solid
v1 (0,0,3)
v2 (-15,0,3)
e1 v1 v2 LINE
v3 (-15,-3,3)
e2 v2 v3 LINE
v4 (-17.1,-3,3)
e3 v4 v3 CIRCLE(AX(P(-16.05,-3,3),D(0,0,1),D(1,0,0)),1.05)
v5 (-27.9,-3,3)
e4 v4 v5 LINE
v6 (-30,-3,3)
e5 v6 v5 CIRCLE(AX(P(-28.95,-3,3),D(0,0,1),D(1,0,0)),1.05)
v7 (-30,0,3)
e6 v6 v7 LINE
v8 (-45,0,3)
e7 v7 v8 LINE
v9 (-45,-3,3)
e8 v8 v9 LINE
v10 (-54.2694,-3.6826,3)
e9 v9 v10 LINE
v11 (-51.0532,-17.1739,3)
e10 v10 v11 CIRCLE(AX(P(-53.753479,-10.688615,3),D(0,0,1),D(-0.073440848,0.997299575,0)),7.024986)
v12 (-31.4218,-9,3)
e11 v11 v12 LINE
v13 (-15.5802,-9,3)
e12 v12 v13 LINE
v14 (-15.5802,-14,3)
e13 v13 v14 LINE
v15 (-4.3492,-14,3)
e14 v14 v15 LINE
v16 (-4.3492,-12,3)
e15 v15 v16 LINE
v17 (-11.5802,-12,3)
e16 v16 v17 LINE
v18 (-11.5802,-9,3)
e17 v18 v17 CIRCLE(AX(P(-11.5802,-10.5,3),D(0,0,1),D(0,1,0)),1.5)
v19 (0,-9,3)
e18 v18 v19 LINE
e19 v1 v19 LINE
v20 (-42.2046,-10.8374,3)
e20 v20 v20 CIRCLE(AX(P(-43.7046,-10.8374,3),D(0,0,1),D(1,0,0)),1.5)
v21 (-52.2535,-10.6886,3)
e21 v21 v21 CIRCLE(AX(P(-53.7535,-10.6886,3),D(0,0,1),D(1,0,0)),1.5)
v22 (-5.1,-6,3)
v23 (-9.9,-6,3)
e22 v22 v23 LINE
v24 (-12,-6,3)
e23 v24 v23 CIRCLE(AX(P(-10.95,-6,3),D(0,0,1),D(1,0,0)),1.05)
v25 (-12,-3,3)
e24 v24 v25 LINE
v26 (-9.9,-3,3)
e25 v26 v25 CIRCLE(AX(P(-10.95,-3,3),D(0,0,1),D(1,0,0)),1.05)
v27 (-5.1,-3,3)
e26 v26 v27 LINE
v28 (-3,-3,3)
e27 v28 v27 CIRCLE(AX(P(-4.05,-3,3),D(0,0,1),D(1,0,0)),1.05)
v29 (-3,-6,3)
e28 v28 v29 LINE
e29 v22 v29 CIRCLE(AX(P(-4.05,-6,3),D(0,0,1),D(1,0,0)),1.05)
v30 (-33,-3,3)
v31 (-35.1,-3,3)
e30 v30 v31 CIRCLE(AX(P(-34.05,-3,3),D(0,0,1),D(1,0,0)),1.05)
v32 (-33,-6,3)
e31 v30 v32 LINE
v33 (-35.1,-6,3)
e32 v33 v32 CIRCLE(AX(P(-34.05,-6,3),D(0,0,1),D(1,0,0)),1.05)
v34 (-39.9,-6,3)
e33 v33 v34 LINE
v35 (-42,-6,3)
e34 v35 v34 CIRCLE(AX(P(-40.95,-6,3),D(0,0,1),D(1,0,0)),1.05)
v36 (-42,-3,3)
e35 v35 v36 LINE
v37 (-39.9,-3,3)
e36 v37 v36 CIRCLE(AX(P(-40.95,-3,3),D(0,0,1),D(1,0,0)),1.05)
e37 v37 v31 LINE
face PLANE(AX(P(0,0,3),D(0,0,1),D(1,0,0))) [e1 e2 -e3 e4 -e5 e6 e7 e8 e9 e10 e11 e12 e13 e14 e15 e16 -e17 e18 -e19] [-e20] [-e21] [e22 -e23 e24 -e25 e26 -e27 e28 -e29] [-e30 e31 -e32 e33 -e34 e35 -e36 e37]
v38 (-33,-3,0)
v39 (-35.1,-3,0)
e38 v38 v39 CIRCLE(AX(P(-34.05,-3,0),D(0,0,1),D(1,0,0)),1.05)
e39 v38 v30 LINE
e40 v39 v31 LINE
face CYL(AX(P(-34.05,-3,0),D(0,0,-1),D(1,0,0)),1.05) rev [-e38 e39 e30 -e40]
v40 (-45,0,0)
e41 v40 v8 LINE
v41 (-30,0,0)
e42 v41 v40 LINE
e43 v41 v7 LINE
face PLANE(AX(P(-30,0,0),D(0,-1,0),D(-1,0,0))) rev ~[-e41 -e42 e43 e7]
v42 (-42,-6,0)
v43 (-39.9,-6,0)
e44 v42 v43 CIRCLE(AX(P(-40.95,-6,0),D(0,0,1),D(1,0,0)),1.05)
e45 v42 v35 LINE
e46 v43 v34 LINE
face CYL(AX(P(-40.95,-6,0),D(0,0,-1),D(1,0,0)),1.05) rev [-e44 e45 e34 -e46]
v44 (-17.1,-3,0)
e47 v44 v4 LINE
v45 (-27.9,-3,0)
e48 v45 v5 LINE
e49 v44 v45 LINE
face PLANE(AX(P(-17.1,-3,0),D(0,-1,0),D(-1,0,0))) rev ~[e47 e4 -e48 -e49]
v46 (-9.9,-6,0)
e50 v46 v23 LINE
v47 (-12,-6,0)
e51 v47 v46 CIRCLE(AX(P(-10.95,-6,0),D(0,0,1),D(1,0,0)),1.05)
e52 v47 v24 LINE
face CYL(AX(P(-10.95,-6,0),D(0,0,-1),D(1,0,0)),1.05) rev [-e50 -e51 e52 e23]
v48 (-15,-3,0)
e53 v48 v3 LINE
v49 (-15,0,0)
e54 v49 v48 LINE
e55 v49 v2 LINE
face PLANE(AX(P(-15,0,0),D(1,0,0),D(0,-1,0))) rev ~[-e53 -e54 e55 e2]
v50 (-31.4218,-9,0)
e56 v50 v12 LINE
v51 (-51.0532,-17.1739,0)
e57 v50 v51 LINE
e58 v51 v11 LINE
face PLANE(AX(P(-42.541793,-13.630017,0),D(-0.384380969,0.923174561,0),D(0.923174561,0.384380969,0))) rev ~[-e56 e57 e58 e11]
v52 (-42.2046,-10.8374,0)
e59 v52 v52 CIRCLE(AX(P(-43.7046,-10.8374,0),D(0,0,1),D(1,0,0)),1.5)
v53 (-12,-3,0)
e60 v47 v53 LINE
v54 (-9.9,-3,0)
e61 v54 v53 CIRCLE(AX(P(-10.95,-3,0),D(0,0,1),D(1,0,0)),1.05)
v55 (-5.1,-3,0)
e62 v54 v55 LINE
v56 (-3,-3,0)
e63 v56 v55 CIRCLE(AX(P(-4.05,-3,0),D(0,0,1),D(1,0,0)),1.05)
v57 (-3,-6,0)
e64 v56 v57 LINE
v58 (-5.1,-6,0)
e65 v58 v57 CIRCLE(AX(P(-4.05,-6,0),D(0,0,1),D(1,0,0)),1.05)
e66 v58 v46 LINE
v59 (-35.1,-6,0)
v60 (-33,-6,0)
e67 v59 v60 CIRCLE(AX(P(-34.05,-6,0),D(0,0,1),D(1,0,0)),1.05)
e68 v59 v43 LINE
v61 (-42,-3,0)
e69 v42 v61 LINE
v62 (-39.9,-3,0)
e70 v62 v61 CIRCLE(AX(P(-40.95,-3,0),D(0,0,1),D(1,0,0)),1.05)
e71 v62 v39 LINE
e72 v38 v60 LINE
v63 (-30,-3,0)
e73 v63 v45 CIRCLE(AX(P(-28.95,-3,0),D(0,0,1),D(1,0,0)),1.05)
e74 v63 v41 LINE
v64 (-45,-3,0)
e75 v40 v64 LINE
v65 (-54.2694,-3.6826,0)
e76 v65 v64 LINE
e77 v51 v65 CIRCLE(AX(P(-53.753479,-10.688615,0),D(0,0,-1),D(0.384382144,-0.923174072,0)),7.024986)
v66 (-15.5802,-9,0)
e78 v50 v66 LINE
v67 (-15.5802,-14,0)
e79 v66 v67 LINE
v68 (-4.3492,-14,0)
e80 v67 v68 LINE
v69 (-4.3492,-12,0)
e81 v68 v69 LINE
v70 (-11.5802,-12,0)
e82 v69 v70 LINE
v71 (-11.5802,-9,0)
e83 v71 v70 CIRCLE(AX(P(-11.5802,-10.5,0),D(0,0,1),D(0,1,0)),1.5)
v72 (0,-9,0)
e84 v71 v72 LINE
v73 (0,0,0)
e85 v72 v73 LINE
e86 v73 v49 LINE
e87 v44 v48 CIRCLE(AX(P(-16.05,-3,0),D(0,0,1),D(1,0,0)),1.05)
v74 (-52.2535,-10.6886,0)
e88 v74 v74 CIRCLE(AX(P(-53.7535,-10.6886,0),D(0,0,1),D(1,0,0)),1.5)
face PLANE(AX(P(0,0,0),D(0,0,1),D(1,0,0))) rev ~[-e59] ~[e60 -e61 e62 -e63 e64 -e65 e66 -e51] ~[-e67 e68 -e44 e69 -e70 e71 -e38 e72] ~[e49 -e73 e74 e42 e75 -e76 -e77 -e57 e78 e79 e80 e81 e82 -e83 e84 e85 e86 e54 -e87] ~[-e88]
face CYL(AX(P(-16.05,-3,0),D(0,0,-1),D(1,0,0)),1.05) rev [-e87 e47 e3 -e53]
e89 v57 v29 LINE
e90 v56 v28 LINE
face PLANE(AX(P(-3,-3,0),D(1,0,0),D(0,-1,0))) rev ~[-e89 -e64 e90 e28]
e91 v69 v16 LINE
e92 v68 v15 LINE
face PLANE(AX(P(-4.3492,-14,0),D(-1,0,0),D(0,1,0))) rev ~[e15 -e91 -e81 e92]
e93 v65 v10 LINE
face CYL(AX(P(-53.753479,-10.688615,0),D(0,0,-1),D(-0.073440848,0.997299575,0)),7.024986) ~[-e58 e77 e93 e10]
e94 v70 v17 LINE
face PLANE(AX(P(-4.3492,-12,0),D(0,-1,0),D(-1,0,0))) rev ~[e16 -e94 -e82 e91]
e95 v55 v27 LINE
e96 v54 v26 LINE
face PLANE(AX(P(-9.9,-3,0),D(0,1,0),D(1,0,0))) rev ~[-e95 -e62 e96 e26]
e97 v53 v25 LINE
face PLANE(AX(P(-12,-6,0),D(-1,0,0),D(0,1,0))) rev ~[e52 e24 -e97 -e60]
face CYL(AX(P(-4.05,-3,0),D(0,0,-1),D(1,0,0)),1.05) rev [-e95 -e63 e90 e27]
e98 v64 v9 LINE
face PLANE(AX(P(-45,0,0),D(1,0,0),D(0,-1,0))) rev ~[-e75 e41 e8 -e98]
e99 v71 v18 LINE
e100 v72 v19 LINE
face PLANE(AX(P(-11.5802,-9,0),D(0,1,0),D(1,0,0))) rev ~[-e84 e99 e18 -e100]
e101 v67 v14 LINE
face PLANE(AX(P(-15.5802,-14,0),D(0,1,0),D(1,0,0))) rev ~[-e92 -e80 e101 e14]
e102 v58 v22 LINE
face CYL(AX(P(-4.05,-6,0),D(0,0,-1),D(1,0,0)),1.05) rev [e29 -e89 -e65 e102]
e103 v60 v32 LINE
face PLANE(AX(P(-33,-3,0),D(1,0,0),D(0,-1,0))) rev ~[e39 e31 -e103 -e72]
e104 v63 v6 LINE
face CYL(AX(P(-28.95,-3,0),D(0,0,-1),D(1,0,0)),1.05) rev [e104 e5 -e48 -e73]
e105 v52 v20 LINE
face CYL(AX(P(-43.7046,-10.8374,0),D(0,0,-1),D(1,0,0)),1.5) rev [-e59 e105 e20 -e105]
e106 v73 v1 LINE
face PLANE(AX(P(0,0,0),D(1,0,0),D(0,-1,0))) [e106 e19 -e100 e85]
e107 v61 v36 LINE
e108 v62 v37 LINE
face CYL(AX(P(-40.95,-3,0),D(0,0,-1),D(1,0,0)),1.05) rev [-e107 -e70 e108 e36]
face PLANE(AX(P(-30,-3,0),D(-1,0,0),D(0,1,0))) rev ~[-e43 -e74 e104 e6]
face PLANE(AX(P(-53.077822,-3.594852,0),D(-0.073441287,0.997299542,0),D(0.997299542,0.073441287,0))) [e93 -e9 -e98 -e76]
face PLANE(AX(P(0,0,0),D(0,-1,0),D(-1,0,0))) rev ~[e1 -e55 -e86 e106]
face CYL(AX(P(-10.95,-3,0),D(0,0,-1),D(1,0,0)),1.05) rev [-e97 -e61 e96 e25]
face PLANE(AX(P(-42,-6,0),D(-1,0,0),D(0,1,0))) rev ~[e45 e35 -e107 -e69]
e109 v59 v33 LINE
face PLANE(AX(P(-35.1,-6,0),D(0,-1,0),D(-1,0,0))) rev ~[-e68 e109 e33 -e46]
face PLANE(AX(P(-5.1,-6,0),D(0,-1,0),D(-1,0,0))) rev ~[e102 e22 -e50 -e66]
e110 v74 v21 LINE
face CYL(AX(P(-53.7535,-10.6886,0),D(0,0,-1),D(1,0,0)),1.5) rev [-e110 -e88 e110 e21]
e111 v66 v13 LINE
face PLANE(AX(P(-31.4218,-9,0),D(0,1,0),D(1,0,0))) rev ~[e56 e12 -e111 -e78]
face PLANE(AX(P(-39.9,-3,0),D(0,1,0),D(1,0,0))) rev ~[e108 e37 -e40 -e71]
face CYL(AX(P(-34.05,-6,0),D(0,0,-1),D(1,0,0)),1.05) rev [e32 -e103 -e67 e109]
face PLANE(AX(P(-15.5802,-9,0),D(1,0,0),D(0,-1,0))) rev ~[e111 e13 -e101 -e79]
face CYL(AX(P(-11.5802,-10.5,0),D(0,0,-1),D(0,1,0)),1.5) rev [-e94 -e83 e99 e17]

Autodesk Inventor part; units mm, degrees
ref_plane "YZ Plane" through (0, 0, 0) normal (1, 0, 0) x (0, 1, 0)
ref_plane "XZ Plane" through (0, 0, 0) normal (0, 1, 0) x (-1, 0, 0)
ref_plane "XY Plane" through (0, 0, 0) normal (0, 0, 1) x (1, 0, 0)
sketch "スケッチ1" plane through (0, 0, 0) normal (0, 0, 1) x (1, 0, 0)
  line L0 (0, 0) -> (0, -3)
  line L1 (0, 0) -> (-15, 0)
  line L2 (-15, 0) -> (-15, -3)
  line L3 (-15, -3) -> (-30, -3)
  line L4 (-30, -3) -> (-30, 0)
  line L5 (-30, 0) -> (-45, 0)
  line L6 (-45, 0) -> (-45, -3)
  line L7 (-257.4775, 0) -> (-66.4062, 0)
  line L8 (-66.4062, 0) -> (-51.9242, -3.906)
  line L9 (-257.4775, 0) -> (-257.4775, -3)
  line L10 (-257.4775, -3) -> (-68.9626, -6)
  line L11 (-68.9626, -6) -> (-58.5737, -15.799)
  circle A0 centre (-53.7535, -10.6886) radius 4.025
  circle A1 centre (-53.7535, -10.6886) radius 1.5
  line L12 (0, -3) -> (0, -9)
  arc A2 (-54.2694, -3.6826) -> (-51.0532, -17.1739) centre (-53.7535, -10.6886) ccw
  line L13 (-54.2694, -3.6826) -> (-45, -3)
  line L14 (-51.0532, -17.1739) -> (-31.4218, -9)
  line L15 (-31.4218, -9) -> (0, -9)
  arc A3 (-46.7293, -10.7926) -> (-42.5418, -13.63) centre (-43.7046, -10.8374) ccw
  circle A4 centre (-43.7046, -10.8374) radius 1.5
  line L16 (-54.6828, -17.6519) -> (-41.7856, -19.3732)
  arc A5 (-41.7856, -19.3732) -> (-42.5418, -13.63) centre (-41.3887, -16.3996) ccw
  arc A6 (-58.5737, -15.799) -> (-54.6828, -17.6519) centre (-53.7535, -10.6886) ccw
  arc A7 (-46.7293, -10.7926) -> (-51.9242, -3.906) centre (-53.7535, -10.6886) ccw
  line L17 (-42, -3) -> (-33, -3)
  line L18 (-33, -3) -> (-33, -6)
  line L19 (-33, -6) -> (-42, -6)
  line L20 (-42, -6) -> (-42, -3)
  line L21 (-12, -3) -> (-3, -3)
  line L22 (-3, -3) -> (-3, -6)
  line L23 (-3, -6) -> (-12, -6)
  line L24 (-12, -6) -> (-12, -3)
  circle A8 centre (-40.95, -3) radius 1.05
  circle A9 centre (-34.05, -3) radius 1.05
  circle A10 centre (-34.05, -6) radius 1.05
  circle A11 centre (-40.95, -6) radius 1.05
  circle A12 centre (-10.95, -3) radius 1.05
  circle A13 centre (-4.05, -3) radius 1.05
  circle A14 centre (-4.05, -6) radius 1.05
  circle A15 centre (-10.95, -6) radius 1.05
  circle A16 centre (-28.95, -3) radius 1.05
  circle A17 centre (-16.05, -3) radius 1.05
  circle A18 centre (-41.3887, -16.3996) radius 1.25
  line L25 (-15.5802, -9) -> (-15.5802, -14)
  line L26 (-15.5802, -14) -> (-4.3492, -14)
  line L27 (-4.3492, -14) -> (-4.3492, -12)
  line L28 (-4.3492, -12) -> (-11.5802, -12)
  arc A19 (-11.5802, -9) -> (-11.5802, -12) centre (-11.5802, -10.5) ccw
  point P0 (-5.1, -6)
  point P1 (-9.9, -6)
  point P2 (-9.9, -3)
  point P3 (-5.1, -3)
  point P4 (-35.1, -6)
  point P5 (-39.9, -6)
  point P6 (-39.9, -3)
  point P7 (-35.1, -3)
  point P8 (-17.1, -3)
  point P9 (-27.9, -3)
  dimension "d0" = 3
  dimension "d1" = 15
  dimension "d2" = 3
  dimension "d3" = 15
  dimension "d5" = 15
  dimension "d6" = 3
  dimension "d7" = 3
  dimension "d8" = 8.05
  dimension "d10" = 3
  dimension "d11" = 6
  dimension "d12" = 6
  dimension "d13" = 6.05
  dimension "d14" = 3
  dimension "d15" = 9
  dimension "d16" = 3
  dimension "d17" = 9
  dimension "d18" = 3
  dimension "d19" = 3
  dimension "d20" = 3
  dimension "d21" = 3
  dimension "d22" = 3
  dimension "d23" = 3
  dimension "d24" = 2.1
  dimension "d25" = 2.1
  dimension "d26" = 2.1
  dimension "d27" = 2.1
  dimension "d28" = 2.1
  dimension "d29" = 2.1
  dimension "d30" = 2.1
  dimension "d31" = 2.1
  dimension "d32" = 2.1
  dimension "d33" = 2.1
  dimension "d34" = 2.5
  dimension "d36" = 3
  dimension "d37" = 3
  dimension "d38" = 2
  dimension "d39" = 4
extrude "押し出し1" add sketch "スケッチ1" along normal blind 3 contours L0 L12 L15 L14 A3 A7 L8 L13 L6 L5 L4 A16 L3 A17 L2 L1 | A19 L28 L27 L26 L25 L15 | L14 A2 L13 L8 A7 A3 | A0
properties part number "シールド先端接続"
